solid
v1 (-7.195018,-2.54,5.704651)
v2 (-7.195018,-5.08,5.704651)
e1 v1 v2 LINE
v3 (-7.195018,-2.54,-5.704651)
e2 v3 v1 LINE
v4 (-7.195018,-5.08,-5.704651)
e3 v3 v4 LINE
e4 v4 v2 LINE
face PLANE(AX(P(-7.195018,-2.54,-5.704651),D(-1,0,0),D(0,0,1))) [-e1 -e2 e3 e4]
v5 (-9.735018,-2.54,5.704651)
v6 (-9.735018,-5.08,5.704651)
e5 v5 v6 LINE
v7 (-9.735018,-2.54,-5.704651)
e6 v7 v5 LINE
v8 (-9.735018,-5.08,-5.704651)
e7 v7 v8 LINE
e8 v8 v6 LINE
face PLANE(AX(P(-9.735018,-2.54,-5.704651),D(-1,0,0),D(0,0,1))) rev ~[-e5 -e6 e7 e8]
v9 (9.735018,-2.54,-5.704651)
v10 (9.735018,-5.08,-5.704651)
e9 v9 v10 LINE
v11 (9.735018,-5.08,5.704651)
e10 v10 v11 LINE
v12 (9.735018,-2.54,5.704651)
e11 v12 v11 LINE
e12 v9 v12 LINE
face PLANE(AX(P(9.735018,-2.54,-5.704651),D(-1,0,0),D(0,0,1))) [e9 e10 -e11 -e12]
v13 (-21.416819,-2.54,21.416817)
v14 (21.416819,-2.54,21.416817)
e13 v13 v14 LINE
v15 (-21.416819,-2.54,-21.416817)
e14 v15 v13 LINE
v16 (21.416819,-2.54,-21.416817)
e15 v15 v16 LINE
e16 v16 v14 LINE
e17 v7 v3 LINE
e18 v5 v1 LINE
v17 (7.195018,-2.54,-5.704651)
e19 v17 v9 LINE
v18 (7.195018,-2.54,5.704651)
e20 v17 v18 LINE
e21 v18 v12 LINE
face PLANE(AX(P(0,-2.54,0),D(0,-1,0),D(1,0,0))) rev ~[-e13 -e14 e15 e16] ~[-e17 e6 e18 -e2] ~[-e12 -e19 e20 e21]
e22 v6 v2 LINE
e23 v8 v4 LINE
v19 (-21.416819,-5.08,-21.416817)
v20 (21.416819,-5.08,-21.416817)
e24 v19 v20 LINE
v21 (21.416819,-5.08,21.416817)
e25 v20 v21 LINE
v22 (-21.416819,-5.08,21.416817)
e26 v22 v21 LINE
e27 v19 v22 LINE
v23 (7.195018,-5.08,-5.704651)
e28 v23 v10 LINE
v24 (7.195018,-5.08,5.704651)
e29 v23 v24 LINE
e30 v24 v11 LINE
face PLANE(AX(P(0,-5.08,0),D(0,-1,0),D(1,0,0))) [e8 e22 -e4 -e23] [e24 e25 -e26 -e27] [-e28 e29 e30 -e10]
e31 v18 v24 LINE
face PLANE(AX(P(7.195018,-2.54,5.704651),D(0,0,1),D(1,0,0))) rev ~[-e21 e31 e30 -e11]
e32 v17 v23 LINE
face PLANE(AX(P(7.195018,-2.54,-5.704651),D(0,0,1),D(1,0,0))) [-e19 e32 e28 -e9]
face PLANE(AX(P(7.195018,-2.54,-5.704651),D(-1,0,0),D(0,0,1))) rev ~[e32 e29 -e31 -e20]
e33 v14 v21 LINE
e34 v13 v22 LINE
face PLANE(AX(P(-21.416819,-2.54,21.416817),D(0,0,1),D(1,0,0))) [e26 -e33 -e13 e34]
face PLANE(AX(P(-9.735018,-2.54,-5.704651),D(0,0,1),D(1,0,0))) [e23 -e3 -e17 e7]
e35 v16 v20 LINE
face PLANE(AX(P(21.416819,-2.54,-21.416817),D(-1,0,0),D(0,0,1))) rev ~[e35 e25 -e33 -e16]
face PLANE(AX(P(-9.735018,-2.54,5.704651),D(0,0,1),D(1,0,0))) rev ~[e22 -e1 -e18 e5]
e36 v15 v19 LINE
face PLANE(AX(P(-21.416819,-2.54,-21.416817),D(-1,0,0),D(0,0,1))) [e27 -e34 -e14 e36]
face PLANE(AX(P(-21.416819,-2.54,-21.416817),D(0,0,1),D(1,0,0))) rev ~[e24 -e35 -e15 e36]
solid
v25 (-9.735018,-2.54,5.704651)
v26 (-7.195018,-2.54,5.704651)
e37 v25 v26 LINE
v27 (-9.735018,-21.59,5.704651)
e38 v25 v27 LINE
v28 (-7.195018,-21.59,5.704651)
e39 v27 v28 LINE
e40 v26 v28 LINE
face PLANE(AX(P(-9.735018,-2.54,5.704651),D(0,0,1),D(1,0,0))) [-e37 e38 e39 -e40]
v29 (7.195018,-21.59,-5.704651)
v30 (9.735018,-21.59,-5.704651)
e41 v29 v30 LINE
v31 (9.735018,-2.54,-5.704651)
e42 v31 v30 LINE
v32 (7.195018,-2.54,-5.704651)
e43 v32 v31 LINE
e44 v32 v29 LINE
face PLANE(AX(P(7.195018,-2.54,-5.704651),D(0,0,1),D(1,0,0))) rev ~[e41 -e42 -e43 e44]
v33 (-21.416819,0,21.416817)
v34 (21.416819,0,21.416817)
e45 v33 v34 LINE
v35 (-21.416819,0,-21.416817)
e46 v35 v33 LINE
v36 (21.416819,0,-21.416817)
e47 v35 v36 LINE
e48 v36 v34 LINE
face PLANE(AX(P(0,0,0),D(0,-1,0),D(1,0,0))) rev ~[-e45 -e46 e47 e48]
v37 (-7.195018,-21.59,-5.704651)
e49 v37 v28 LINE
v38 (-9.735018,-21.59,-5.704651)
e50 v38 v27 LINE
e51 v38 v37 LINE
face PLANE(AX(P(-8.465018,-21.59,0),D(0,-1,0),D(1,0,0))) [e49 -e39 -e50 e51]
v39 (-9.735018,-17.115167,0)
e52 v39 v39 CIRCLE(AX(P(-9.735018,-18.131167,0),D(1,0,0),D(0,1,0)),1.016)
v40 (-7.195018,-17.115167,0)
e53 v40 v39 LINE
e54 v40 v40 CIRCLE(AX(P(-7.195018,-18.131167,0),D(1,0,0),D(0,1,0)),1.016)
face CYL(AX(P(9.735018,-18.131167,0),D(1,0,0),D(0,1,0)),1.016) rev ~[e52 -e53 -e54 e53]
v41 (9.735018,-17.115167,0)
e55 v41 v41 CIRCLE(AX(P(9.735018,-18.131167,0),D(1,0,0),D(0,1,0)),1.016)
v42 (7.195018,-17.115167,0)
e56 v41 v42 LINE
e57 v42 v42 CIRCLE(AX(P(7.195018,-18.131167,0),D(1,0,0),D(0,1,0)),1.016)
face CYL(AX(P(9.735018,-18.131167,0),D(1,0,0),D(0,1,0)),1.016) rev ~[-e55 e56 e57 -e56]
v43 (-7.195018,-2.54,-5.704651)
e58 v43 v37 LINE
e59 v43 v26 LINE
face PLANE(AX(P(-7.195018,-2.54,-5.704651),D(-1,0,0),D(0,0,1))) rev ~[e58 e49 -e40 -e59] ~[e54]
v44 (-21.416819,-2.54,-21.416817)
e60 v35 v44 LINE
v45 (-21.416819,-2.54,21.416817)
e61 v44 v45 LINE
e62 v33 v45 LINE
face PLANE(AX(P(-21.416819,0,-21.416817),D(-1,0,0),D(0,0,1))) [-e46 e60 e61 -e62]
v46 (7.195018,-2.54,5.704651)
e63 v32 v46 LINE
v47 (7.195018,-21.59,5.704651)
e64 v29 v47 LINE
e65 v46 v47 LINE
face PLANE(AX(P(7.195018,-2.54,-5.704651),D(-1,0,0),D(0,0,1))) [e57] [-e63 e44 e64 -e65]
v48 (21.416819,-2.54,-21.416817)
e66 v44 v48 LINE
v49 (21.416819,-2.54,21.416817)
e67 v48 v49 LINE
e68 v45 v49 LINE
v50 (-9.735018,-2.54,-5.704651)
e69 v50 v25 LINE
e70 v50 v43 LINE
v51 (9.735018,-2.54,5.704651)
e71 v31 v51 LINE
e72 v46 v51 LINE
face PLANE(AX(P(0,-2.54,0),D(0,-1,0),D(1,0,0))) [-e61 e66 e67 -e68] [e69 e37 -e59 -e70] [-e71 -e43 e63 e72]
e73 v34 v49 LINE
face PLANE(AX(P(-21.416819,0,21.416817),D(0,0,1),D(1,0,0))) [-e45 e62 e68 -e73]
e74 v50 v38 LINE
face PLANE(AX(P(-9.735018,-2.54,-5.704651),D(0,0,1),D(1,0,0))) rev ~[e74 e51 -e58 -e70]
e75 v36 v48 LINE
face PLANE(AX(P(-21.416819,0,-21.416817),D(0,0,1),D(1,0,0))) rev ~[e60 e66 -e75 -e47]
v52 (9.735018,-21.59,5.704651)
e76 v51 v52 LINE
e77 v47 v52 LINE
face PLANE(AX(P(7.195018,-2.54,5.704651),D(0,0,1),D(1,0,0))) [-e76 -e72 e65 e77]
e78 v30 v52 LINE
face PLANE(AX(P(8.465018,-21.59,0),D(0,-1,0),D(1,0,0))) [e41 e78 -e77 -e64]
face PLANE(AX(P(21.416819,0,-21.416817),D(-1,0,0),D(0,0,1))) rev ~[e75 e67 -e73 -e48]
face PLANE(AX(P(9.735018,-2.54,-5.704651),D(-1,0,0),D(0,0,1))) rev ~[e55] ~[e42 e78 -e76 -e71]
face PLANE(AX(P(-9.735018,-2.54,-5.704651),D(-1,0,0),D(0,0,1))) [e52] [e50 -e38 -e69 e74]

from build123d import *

# Parameters (mm, degrees)
F0_W        = 42.833638
F0_H        = 42.833634
F1_DEPTH    = 2.54
F2_W        = 2.54
F2_H        = 11.409302
F3_DEPTH    = 19.05
F4_R        = 1.016
F5_DEPTH    = 31.152836
F1_FACE_W   = 42.833638
F1_FACE_H   = 42.833634
F1_FACE_W_2 = 2.54
F1_FACE_H_2 = 11.409302
F6_DEPTH    = 2.54


with BuildPart() as f1:
    # F0 (on Front) → F1 (new body)
    with BuildSketch(Plane.XZ):
        Rectangle(F0_W, F0_H)
    extrude(amount=F1_DEPTH)

    # F2 (on face) → F3 (join)
    with BuildSketch(Plane.XZ.offset(2.54)):
        with Locations((-8.465018, 0)):
            Rectangle(F2_W, F2_H)
        with Locations((8.465018, 0)):
            Rectangle(F2_W, F2_H)
    extrude(amount=F3_DEPTH)

    # F4 (on face) → F5 (cut, through all)
    with BuildSketch(Plane.YZ.offset(9.735018)):
        with Locations((-18.131167, 0)):
            Circle(F4_R)
    extrude(amount=-F5_DEPTH, mode=Mode.SUBTRACT)


with BuildPart() as f6:
    # F1_face (on face) → F6 (new body)
    with BuildSketch(Plane.XZ.offset(2.54)):
        Rectangle(F1_FACE_W, F1_FACE_H)
        with Locations((-8.465018, 0)):
            Rectangle(F1_FACE_W_2, F1_FACE_H_2, mode=Mode.SUBTRACT)
        with Locations((8.465018, 0)):
            Rectangle(F1_FACE_W_2, F1_FACE_H_2, mode=Mode.SUBTRACT)
    extrude(amount=F6_DEPTH)


solid = Compound([f1.part, f6.part])
